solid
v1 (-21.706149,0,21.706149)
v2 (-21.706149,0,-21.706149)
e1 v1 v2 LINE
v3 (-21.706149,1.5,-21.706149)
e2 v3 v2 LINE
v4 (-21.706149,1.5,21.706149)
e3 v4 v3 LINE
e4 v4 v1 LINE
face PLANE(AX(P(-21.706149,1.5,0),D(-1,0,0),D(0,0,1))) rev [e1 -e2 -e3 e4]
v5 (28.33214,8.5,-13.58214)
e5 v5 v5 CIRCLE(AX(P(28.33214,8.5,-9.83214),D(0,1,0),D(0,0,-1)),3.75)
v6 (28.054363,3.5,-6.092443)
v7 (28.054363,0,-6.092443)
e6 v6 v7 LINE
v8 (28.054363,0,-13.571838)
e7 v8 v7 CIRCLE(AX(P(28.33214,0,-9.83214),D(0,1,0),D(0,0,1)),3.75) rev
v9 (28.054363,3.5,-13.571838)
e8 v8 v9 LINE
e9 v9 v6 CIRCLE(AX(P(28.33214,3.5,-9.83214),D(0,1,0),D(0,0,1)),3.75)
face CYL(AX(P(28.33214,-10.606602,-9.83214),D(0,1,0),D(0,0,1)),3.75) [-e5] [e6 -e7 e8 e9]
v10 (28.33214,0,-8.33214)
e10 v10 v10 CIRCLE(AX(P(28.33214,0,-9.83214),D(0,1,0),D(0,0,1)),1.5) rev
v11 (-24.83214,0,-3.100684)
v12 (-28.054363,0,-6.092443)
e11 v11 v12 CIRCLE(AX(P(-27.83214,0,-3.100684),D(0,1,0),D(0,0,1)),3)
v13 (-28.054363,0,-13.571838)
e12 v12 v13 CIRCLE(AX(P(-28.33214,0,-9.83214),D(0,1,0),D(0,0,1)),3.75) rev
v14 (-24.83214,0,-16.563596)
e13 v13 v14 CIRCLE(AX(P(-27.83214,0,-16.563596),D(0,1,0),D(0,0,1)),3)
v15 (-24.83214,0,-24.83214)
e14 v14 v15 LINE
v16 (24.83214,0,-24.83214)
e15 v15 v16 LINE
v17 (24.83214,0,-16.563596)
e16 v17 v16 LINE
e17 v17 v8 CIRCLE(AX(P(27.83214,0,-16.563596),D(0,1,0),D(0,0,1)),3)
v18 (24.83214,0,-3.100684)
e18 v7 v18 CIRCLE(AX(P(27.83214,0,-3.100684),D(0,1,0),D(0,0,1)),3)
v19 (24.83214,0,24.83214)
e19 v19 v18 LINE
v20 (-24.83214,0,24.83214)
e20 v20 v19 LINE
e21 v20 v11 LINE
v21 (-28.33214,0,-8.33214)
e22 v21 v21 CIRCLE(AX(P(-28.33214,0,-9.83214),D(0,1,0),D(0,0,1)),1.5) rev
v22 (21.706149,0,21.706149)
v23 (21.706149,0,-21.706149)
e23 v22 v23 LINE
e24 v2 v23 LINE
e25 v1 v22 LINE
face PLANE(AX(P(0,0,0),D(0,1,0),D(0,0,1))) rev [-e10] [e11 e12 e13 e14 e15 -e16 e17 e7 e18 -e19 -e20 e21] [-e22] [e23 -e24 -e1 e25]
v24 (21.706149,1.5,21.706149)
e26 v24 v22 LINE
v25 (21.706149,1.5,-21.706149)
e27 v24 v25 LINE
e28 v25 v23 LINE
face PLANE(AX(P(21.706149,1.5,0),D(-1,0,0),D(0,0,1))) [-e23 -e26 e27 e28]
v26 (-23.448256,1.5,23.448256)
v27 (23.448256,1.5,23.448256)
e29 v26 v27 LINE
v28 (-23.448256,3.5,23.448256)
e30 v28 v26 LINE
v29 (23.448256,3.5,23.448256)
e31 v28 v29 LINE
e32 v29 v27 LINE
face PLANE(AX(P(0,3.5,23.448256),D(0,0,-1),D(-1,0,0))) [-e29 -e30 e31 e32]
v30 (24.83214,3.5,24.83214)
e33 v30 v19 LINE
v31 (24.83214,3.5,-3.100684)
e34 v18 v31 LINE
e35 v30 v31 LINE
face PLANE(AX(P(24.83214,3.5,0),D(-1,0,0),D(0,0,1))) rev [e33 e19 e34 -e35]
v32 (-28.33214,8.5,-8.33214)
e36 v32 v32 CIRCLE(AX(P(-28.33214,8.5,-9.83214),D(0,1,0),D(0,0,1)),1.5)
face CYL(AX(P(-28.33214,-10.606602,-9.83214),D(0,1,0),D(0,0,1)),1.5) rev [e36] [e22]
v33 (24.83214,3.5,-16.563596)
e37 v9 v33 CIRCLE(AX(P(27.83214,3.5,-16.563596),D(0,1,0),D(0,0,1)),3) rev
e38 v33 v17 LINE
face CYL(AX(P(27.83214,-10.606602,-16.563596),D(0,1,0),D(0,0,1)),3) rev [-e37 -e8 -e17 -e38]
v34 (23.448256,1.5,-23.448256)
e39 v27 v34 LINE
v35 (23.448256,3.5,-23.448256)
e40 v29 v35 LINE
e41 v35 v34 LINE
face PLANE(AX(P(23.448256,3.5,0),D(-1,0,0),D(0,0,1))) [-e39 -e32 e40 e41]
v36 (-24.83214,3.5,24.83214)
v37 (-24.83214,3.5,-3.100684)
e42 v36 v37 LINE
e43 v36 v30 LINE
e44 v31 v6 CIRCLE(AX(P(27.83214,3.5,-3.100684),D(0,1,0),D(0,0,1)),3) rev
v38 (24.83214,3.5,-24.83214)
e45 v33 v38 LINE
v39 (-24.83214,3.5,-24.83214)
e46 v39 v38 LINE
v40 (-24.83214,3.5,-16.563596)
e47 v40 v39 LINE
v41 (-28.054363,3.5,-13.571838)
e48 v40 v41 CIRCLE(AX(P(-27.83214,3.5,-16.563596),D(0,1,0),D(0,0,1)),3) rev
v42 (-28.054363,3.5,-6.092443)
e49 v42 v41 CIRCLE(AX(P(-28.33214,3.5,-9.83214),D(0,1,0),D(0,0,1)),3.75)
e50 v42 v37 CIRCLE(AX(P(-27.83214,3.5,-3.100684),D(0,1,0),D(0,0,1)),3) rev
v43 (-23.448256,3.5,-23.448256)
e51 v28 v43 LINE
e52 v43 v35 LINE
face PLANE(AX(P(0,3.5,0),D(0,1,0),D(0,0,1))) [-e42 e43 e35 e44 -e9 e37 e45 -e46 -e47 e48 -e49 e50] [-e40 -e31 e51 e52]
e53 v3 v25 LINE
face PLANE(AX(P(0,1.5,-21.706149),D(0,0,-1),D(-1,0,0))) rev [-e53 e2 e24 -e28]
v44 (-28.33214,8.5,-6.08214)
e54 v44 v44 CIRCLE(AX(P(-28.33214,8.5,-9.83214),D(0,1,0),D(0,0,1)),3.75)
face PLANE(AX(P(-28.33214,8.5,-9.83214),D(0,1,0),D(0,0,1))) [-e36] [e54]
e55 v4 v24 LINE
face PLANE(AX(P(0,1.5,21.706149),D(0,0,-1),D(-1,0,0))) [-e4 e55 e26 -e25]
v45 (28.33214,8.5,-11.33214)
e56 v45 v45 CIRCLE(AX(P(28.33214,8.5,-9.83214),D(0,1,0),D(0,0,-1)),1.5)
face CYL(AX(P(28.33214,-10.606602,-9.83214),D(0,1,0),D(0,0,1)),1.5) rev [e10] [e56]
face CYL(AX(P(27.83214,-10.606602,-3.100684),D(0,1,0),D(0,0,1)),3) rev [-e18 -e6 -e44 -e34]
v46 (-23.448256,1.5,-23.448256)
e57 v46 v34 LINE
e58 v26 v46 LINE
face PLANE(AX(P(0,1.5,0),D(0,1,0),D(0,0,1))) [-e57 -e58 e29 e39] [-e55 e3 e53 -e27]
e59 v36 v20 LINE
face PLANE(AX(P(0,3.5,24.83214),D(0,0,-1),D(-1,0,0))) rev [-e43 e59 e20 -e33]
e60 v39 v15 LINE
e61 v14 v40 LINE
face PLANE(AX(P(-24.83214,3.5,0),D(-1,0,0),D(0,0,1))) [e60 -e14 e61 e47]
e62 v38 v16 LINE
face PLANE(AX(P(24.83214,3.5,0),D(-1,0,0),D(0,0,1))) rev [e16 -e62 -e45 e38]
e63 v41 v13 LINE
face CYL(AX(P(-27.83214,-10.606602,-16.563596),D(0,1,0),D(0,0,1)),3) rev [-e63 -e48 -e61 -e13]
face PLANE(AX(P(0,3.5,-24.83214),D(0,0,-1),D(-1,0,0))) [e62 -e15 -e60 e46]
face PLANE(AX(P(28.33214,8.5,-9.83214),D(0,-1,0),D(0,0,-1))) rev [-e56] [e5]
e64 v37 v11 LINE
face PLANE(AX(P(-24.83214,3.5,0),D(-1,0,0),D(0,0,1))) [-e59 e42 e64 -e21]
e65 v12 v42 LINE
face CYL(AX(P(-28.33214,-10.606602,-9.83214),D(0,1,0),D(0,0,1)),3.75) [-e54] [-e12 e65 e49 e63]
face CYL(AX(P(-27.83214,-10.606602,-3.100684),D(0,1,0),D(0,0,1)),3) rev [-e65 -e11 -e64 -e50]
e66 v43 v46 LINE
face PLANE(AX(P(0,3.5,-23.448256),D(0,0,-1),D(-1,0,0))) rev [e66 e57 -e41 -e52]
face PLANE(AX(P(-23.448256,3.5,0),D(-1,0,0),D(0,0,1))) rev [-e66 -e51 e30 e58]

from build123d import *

# Parameters (mm, degrees)
SKETCH1_W           = 46.896511464
SKETCH1_H           = 46.896511464
SKETCH1_W_2         = 43.412298388
SKETCH1_H_2         = 43.412298388
BOSS_EXTRUDE1_DEPTH = 1.5
SKETCH1_3_W         = 49.664280744
SKETCH1_3_H         = 49.664280744
SKETCH1_3_W_2       = 46.896511464
SKETCH1_3_H_2       = 46.896511464
BOSS_EXTRUDE2_DEPTH = 3.5
BOSS_EXTRUDE4_START = -3.5
SKETCH2_R           = 3.75
SKETCH2_R_2         = 1.5
BOSS_EXTRUDE4_DEPTH = 8.5
FILLET2_R           = 3


with BuildPart() as part:
    # Sketch1 → Boss-Extrude1 (new body)
    with BuildSketch(Plane(origin=(0, 0, 0), x_dir=(1, 0, 0), z_dir=(0, 1, 0))):
        Rectangle(SKETCH1_W, SKETCH1_H)
        Rectangle(SKETCH1_W_2, SKETCH1_H_2, mode=Mode.SUBTRACT)
    extrude(amount=BOSS_EXTRUDE1_DEPTH)

    # Sketch1<3> → Boss-Extrude2 (add)
    with BuildSketch(Plane(origin=(0, 0, 0), x_dir=(1, 0, 0), z_dir=(0, 1, 0))):
        Rectangle(SKETCH1_3_W, SKETCH1_3_H)
        Rectangle(SKETCH1_3_W_2, SKETCH1_3_H_2, mode=Mode.SUBTRACT)
    extrude(amount=BOSS_EXTRUDE2_DEPTH)

    # Sketch2 → Boss-Extrude4 (add)
    # profile 1 of 2: a face of its own
    with BuildSketch(Plane(origin=(0, 3.5, 0), x_dir=(1, 0, 0), z_dir=(0, 1, 0)).offset(BOSS_EXTRUDE4_START)):
        with Locations(Location((-28.332140372, 9.832140372, 0), (0, 0, 270))):
            Circle(SKETCH2_R)
        with Locations(Location((-28.332140372, 9.832140372, 0), (0, 0, 270))):
            Circle(SKETCH2_R_2, mode=Mode.SUBTRACT)
    # profile 2 of 2: a face of its own
    with BuildSketch(Plane(origin=(0, 3.5, 0), x_dir=(1, 0, 0), z_dir=(0, 1, 0)).offset(BOSS_EXTRUDE4_START)):
        with Locations(Location((28.332140372, 9.832140372, 0), (0, 0, 201.039469781))):
            Circle(SKETCH2_R)
        with Locations(Location((28.332140372, 9.832140372, 0), (0, 0, 270))):
            Circle(SKETCH2_R_2, mode=Mode.SUBTRACT)
    extrude(amount=BOSS_EXTRUDE4_DEPTH)

    # Fillet2
    fillet2_edges = [part.edges().sort_by_distance(p)[0] for p in [
        (-24.832140372, 1.75, -8.48584917),
        (-24.832140372, 1.75, -11.178431574),
        (24.832140372, 1.75, -8.48584917),
        (24.832140372, 1.75, -11.178431574),
    ]]
    fillet(fillet2_edges, radius=FILLET2_R)


solid = part.part
